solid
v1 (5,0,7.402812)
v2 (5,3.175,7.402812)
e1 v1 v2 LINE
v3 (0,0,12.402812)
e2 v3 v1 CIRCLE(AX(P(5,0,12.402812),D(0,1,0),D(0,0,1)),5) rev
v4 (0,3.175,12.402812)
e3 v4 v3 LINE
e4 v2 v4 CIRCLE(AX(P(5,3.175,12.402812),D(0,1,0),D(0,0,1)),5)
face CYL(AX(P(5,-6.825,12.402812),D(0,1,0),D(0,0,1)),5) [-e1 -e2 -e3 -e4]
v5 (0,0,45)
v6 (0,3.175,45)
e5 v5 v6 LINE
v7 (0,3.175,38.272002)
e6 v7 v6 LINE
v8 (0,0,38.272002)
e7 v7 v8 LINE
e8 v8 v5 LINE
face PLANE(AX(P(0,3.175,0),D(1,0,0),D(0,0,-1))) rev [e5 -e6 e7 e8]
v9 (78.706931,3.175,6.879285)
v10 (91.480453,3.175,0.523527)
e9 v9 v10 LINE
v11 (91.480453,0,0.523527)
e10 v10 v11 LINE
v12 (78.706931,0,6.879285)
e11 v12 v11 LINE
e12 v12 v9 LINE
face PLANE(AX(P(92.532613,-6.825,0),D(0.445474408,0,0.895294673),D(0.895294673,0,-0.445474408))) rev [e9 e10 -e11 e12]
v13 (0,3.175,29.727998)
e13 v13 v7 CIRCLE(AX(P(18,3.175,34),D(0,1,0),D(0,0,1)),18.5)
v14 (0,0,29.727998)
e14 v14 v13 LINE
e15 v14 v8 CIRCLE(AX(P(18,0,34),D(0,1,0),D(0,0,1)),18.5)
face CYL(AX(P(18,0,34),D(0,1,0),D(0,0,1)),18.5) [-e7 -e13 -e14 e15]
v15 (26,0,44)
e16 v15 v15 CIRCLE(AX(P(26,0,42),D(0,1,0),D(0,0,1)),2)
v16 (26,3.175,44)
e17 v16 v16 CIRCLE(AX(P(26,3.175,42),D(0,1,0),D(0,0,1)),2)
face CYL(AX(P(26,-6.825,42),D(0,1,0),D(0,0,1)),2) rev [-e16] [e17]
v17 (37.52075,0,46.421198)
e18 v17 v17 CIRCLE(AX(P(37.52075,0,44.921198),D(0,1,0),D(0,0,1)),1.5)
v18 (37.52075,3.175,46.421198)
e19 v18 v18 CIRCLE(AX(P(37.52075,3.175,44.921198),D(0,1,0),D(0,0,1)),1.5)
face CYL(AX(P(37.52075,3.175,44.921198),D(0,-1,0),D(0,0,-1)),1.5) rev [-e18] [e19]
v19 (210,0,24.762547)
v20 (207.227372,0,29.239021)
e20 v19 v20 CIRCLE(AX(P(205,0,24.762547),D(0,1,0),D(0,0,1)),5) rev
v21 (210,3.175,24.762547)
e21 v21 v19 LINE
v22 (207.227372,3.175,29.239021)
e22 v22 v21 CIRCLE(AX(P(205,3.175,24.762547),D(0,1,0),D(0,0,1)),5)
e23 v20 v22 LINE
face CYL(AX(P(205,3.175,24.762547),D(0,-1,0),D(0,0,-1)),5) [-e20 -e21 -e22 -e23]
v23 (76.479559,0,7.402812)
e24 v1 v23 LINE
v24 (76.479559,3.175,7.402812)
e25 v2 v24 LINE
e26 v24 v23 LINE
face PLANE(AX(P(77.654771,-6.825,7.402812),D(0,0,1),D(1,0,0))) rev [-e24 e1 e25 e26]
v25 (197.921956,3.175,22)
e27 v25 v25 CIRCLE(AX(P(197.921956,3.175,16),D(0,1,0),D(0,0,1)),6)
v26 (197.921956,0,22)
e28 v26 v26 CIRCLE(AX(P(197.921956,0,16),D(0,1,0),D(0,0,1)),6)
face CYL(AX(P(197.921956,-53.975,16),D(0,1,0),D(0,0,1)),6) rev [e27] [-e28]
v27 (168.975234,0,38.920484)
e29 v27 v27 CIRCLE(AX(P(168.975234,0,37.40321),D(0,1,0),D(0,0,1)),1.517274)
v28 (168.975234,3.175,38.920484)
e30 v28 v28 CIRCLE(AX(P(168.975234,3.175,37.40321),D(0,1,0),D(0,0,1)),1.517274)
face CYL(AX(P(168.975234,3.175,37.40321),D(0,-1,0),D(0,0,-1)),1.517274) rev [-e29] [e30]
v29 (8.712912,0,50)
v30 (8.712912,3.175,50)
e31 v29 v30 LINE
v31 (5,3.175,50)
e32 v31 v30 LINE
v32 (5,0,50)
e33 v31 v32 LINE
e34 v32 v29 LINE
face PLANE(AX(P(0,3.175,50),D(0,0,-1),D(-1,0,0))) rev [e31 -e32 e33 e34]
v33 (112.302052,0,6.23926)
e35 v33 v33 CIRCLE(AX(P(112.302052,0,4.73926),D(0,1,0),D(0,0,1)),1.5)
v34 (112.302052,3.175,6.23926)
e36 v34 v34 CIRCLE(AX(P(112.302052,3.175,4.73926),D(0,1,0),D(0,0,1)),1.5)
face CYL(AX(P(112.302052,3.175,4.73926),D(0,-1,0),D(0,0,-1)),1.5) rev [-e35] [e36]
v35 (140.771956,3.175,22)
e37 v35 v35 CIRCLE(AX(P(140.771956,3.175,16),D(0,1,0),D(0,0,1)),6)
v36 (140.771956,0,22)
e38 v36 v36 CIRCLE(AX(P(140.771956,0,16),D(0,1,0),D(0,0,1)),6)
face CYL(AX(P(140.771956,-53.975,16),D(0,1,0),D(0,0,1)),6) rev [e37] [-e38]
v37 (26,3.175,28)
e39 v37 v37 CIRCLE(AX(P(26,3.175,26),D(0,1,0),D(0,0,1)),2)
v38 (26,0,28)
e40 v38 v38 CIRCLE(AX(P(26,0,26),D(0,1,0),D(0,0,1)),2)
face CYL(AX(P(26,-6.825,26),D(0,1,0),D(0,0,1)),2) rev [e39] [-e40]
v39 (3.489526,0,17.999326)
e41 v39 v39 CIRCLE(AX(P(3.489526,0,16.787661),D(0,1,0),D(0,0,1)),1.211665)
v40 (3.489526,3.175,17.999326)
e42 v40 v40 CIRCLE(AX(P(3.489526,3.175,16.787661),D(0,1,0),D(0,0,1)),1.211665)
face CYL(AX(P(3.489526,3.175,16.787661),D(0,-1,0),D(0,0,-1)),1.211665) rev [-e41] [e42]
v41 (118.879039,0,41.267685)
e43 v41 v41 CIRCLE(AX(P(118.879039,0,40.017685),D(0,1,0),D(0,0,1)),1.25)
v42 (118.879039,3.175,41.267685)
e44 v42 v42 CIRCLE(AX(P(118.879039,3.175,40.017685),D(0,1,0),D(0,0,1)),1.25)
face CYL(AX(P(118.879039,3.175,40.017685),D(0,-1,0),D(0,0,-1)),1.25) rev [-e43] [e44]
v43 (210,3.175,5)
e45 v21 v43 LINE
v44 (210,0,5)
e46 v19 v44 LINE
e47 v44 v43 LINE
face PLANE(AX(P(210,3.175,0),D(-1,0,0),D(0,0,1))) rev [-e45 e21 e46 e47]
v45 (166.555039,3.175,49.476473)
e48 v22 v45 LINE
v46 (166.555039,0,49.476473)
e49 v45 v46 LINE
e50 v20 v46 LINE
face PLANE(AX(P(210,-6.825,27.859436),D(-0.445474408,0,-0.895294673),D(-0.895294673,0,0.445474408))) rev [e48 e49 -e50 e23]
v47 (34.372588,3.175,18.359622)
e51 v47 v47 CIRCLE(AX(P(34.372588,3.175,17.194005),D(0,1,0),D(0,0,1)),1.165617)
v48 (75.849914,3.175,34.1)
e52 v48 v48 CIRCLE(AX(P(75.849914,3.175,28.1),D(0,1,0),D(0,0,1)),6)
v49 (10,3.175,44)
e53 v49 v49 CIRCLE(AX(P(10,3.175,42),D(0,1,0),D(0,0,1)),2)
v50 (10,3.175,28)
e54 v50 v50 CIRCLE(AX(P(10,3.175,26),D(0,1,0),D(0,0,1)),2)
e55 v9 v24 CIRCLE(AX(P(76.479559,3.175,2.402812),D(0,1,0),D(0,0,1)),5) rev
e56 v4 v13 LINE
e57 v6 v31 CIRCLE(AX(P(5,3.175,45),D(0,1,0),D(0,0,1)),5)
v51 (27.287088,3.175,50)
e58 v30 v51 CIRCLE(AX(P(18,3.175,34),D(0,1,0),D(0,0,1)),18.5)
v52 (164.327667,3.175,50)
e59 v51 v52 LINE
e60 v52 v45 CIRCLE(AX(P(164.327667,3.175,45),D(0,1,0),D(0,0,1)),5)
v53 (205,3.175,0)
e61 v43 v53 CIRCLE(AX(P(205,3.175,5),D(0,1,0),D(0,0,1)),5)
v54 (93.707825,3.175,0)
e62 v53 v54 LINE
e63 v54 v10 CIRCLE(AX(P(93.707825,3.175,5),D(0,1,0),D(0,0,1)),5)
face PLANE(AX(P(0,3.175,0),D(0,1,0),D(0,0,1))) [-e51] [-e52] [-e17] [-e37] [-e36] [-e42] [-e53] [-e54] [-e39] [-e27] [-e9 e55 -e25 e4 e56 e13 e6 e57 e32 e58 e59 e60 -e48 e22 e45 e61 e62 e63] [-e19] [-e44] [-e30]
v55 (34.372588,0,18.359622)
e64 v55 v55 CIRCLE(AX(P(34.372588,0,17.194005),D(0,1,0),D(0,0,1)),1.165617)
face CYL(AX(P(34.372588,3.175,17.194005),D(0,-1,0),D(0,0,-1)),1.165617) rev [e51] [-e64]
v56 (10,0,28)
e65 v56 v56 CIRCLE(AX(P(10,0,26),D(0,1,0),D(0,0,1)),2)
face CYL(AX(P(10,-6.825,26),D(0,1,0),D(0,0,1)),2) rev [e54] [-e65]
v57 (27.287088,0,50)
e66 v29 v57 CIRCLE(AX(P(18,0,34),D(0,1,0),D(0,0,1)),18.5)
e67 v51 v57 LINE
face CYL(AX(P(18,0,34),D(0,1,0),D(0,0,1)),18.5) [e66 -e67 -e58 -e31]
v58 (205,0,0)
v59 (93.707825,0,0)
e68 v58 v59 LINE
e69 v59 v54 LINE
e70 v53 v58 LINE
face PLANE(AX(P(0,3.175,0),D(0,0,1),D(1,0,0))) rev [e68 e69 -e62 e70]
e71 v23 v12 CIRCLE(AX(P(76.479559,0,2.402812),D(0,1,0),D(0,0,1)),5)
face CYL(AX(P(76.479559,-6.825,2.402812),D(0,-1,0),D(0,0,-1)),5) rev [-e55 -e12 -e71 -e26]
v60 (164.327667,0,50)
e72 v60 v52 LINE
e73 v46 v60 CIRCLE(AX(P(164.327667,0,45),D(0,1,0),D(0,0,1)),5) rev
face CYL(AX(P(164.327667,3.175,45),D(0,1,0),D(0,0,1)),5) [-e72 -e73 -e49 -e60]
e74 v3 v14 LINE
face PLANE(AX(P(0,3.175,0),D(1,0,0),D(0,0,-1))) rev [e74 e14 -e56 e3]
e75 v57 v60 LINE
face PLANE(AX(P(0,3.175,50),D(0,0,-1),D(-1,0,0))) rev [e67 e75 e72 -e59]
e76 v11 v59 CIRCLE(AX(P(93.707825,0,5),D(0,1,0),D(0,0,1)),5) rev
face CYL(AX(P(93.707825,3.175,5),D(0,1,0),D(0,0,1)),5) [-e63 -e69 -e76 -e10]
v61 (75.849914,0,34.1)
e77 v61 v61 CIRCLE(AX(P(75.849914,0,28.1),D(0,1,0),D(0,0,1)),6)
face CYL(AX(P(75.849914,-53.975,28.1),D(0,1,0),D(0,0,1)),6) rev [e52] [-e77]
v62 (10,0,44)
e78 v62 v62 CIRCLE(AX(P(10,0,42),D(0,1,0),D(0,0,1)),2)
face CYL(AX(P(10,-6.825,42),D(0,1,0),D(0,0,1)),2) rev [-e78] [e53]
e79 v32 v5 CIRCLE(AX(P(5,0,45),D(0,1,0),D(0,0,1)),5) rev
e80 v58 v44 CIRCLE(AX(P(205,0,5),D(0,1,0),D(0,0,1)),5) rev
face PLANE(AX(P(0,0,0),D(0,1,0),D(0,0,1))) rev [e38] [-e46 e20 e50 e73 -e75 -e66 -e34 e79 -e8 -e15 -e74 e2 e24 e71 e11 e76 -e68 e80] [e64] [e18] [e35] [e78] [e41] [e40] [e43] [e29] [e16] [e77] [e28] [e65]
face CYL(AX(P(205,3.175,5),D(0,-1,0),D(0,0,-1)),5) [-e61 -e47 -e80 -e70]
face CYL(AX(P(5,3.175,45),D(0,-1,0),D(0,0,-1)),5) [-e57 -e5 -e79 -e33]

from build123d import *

# Parameters (mm, degrees)
SKETCH1_W           = 210
SKETCH1_H           = 50
SKETCH1_R           = 1.211665018
SKETCH1_R_2         = 1.165617118
SKETCH1_R_3         = 1.5
SKETCH1_R_4         = 1.25
SKETCH1_R_5         = 1.517273905
BOSS_EXTRUDE1_DEPTH = 3.175
SKETCH2_R           = 2
CUT_EXTRUDE1_DEPTH  = 10
SKETCH3_R           = 6
SKETCH3_R_2         = 0.586995366
CUT_EXTRUDE2_DEPTH  = 57.15
CUT_EXTRUDE7_DEPTH  = 10
FILLET3_R           = 5
SKETCH11_R          = 18.5
SKETCH11_R_2        = 2
BOSS_EXTRUDE4_DEPTH = 3.175


with BuildPart() as part:
    # Sketch1 → Boss-Extrude1 (new body)
    with BuildSketch(Plane(origin=(0, 0, 0), x_dir=(1, 0, 0), z_dir=(0, 1, 0))):
        with Locations((105, -25)):
            Rectangle(SKETCH1_W, SKETCH1_H)
        with Locations(Location((3.489526233, -16.787661112, 0), (0, 0, 270))):
            Circle(SKETCH1_R, mode=Mode.SUBTRACT)
        with Locations(Location((34.37258772, -17.194005245, 0), (0, 0, 270))):
            Circle(SKETCH1_R_2, mode=Mode.SUBTRACT)
        with Locations(Location((37.520749958, -44.921198121, 0), (0, 0, 270))):
            Circle(SKETCH1_R_3, mode=Mode.SUBTRACT)
        with Locations(Location((118.879039361, -40.017685043, 0), (0, 0, 270))):
            Circle(SKETCH1_R_4, mode=Mode.SUBTRACT)
        with Locations(Location((112.302052499, -4.739260115, 0), (0, 0, 270))):
            Circle(SKETCH1_R_3, mode=Mode.SUBTRACT)
        with Locations(Location((168.975233936, -37.403209633, 0), (0, 0, 270))):
            Circle(SKETCH1_R_5, mode=Mode.SUBTRACT)
    extrude(amount=BOSS_EXTRUDE1_DEPTH)

    # Sketch2 → Cut-Extrude1 (cut)
    with BuildSketch(Plane(origin=(0, 3.175, 0), x_dir=(1, 0, 0), z_dir=(0, 1, 0))):
        with Locations(Location((10, -26, 0), (0, 0, 270))):
            Circle(SKETCH2_R)
        with Locations(Location((10, -42, 0), (0, 0, 270))):
            Circle(SKETCH2_R)
        with Locations(Location((26, -26, 0), (0, 0, 270))):
            Circle(SKETCH2_R)
        with Locations(Location((26, -42, 0), (0, 0, 270))):
            Circle(SKETCH2_R)
    extrude(amount=-CUT_EXTRUDE1_DEPTH, mode=Mode.SUBTRACT)

    # Sketch3 → Cut-Extrude2 (cut)
    with BuildSketch(Plane(origin=(0, 3.175, 0), x_dir=(1, 0, 0), z_dir=(0, 1, 0))):
        with Locations(Location((75.84991357, -28.1, 0), (0, 0, 270))):
            Circle(SKETCH3_R)
        with Locations(Location((140.771956051, -16, 0), (0, 0, 270))):
            Circle(SKETCH3_R)
        with Locations(Location((18, -34, 0), (0, 0, 270))):
            Circle(SKETCH3_R_2)
        with Locations(Location((197.921956051, -16, 0), (0, 0, 270))):
            Circle(SKETCH3_R)
    extrude(amount=-CUT_EXTRUDE2_DEPTH, mode=Mode.SUBTRACT)

    # Sketch10 → Cut-Extrude7 (cut)
    with BuildSketch(Plane(origin=(0, 3.175, 0), x_dir=(1, 0, 0), z_dir=(0, 1, 0))):
        Polygon((210, -27.859435908), (165.502877994, -50), (210, -50), align=None)
        Polygon((92.532613397, 0), (77.65477062, -7.402812063), (0, -7.402812063), (0, 0), align=None)
    extrude(amount=-CUT_EXTRUDE7_DEPTH, mode=Mode.SUBTRACT)

    # Fillet3
    fillet3_edges = [part.edges().sort_by_distance(p)[0] for p in [
        (210, 1.5875, 0),
        (0, 1.5875, 50),
        (92.532613397, 1.5875, 0),
        (210, 1.5875, 27.859435908),
        (165.502877994, 1.5875, 50),
        (77.65477062, 1.5875, 7.402812063),
        (0, 1.5875, 7.402812063),
    ]]
    fillet(fillet3_edges, radius=FILLET3_R)

    # Sketch11 → Boss-Extrude4 (add)
    with BuildSketch(Plane(origin=(0, 3.175, 0), x_dir=(1, 0, 0), z_dir=(0, 1, 0))):
        with Locations((18, -34)):
            Circle(SKETCH11_R)
        with Locations(Location((10, -26, 0), (0, 0, 270))):
            Circle(SKETCH11_R_2, mode=Mode.SUBTRACT)
        with Locations(Location((10, -42, 0), (0, 0, 270))):
            Circle(SKETCH11_R_2, mode=Mode.SUBTRACT)
        with Locations(Location((26, -26, 0), (0, 0, 270))):
            Circle(SKETCH11_R_2, mode=Mode.SUBTRACT)
        with Locations(Location((26, -42, 0), (0, 0, 270))):
            Circle(SKETCH11_R_2, mode=Mode.SUBTRACT)
    extrude(amount=-BOSS_EXTRUDE4_DEPTH)


solid = part.part
